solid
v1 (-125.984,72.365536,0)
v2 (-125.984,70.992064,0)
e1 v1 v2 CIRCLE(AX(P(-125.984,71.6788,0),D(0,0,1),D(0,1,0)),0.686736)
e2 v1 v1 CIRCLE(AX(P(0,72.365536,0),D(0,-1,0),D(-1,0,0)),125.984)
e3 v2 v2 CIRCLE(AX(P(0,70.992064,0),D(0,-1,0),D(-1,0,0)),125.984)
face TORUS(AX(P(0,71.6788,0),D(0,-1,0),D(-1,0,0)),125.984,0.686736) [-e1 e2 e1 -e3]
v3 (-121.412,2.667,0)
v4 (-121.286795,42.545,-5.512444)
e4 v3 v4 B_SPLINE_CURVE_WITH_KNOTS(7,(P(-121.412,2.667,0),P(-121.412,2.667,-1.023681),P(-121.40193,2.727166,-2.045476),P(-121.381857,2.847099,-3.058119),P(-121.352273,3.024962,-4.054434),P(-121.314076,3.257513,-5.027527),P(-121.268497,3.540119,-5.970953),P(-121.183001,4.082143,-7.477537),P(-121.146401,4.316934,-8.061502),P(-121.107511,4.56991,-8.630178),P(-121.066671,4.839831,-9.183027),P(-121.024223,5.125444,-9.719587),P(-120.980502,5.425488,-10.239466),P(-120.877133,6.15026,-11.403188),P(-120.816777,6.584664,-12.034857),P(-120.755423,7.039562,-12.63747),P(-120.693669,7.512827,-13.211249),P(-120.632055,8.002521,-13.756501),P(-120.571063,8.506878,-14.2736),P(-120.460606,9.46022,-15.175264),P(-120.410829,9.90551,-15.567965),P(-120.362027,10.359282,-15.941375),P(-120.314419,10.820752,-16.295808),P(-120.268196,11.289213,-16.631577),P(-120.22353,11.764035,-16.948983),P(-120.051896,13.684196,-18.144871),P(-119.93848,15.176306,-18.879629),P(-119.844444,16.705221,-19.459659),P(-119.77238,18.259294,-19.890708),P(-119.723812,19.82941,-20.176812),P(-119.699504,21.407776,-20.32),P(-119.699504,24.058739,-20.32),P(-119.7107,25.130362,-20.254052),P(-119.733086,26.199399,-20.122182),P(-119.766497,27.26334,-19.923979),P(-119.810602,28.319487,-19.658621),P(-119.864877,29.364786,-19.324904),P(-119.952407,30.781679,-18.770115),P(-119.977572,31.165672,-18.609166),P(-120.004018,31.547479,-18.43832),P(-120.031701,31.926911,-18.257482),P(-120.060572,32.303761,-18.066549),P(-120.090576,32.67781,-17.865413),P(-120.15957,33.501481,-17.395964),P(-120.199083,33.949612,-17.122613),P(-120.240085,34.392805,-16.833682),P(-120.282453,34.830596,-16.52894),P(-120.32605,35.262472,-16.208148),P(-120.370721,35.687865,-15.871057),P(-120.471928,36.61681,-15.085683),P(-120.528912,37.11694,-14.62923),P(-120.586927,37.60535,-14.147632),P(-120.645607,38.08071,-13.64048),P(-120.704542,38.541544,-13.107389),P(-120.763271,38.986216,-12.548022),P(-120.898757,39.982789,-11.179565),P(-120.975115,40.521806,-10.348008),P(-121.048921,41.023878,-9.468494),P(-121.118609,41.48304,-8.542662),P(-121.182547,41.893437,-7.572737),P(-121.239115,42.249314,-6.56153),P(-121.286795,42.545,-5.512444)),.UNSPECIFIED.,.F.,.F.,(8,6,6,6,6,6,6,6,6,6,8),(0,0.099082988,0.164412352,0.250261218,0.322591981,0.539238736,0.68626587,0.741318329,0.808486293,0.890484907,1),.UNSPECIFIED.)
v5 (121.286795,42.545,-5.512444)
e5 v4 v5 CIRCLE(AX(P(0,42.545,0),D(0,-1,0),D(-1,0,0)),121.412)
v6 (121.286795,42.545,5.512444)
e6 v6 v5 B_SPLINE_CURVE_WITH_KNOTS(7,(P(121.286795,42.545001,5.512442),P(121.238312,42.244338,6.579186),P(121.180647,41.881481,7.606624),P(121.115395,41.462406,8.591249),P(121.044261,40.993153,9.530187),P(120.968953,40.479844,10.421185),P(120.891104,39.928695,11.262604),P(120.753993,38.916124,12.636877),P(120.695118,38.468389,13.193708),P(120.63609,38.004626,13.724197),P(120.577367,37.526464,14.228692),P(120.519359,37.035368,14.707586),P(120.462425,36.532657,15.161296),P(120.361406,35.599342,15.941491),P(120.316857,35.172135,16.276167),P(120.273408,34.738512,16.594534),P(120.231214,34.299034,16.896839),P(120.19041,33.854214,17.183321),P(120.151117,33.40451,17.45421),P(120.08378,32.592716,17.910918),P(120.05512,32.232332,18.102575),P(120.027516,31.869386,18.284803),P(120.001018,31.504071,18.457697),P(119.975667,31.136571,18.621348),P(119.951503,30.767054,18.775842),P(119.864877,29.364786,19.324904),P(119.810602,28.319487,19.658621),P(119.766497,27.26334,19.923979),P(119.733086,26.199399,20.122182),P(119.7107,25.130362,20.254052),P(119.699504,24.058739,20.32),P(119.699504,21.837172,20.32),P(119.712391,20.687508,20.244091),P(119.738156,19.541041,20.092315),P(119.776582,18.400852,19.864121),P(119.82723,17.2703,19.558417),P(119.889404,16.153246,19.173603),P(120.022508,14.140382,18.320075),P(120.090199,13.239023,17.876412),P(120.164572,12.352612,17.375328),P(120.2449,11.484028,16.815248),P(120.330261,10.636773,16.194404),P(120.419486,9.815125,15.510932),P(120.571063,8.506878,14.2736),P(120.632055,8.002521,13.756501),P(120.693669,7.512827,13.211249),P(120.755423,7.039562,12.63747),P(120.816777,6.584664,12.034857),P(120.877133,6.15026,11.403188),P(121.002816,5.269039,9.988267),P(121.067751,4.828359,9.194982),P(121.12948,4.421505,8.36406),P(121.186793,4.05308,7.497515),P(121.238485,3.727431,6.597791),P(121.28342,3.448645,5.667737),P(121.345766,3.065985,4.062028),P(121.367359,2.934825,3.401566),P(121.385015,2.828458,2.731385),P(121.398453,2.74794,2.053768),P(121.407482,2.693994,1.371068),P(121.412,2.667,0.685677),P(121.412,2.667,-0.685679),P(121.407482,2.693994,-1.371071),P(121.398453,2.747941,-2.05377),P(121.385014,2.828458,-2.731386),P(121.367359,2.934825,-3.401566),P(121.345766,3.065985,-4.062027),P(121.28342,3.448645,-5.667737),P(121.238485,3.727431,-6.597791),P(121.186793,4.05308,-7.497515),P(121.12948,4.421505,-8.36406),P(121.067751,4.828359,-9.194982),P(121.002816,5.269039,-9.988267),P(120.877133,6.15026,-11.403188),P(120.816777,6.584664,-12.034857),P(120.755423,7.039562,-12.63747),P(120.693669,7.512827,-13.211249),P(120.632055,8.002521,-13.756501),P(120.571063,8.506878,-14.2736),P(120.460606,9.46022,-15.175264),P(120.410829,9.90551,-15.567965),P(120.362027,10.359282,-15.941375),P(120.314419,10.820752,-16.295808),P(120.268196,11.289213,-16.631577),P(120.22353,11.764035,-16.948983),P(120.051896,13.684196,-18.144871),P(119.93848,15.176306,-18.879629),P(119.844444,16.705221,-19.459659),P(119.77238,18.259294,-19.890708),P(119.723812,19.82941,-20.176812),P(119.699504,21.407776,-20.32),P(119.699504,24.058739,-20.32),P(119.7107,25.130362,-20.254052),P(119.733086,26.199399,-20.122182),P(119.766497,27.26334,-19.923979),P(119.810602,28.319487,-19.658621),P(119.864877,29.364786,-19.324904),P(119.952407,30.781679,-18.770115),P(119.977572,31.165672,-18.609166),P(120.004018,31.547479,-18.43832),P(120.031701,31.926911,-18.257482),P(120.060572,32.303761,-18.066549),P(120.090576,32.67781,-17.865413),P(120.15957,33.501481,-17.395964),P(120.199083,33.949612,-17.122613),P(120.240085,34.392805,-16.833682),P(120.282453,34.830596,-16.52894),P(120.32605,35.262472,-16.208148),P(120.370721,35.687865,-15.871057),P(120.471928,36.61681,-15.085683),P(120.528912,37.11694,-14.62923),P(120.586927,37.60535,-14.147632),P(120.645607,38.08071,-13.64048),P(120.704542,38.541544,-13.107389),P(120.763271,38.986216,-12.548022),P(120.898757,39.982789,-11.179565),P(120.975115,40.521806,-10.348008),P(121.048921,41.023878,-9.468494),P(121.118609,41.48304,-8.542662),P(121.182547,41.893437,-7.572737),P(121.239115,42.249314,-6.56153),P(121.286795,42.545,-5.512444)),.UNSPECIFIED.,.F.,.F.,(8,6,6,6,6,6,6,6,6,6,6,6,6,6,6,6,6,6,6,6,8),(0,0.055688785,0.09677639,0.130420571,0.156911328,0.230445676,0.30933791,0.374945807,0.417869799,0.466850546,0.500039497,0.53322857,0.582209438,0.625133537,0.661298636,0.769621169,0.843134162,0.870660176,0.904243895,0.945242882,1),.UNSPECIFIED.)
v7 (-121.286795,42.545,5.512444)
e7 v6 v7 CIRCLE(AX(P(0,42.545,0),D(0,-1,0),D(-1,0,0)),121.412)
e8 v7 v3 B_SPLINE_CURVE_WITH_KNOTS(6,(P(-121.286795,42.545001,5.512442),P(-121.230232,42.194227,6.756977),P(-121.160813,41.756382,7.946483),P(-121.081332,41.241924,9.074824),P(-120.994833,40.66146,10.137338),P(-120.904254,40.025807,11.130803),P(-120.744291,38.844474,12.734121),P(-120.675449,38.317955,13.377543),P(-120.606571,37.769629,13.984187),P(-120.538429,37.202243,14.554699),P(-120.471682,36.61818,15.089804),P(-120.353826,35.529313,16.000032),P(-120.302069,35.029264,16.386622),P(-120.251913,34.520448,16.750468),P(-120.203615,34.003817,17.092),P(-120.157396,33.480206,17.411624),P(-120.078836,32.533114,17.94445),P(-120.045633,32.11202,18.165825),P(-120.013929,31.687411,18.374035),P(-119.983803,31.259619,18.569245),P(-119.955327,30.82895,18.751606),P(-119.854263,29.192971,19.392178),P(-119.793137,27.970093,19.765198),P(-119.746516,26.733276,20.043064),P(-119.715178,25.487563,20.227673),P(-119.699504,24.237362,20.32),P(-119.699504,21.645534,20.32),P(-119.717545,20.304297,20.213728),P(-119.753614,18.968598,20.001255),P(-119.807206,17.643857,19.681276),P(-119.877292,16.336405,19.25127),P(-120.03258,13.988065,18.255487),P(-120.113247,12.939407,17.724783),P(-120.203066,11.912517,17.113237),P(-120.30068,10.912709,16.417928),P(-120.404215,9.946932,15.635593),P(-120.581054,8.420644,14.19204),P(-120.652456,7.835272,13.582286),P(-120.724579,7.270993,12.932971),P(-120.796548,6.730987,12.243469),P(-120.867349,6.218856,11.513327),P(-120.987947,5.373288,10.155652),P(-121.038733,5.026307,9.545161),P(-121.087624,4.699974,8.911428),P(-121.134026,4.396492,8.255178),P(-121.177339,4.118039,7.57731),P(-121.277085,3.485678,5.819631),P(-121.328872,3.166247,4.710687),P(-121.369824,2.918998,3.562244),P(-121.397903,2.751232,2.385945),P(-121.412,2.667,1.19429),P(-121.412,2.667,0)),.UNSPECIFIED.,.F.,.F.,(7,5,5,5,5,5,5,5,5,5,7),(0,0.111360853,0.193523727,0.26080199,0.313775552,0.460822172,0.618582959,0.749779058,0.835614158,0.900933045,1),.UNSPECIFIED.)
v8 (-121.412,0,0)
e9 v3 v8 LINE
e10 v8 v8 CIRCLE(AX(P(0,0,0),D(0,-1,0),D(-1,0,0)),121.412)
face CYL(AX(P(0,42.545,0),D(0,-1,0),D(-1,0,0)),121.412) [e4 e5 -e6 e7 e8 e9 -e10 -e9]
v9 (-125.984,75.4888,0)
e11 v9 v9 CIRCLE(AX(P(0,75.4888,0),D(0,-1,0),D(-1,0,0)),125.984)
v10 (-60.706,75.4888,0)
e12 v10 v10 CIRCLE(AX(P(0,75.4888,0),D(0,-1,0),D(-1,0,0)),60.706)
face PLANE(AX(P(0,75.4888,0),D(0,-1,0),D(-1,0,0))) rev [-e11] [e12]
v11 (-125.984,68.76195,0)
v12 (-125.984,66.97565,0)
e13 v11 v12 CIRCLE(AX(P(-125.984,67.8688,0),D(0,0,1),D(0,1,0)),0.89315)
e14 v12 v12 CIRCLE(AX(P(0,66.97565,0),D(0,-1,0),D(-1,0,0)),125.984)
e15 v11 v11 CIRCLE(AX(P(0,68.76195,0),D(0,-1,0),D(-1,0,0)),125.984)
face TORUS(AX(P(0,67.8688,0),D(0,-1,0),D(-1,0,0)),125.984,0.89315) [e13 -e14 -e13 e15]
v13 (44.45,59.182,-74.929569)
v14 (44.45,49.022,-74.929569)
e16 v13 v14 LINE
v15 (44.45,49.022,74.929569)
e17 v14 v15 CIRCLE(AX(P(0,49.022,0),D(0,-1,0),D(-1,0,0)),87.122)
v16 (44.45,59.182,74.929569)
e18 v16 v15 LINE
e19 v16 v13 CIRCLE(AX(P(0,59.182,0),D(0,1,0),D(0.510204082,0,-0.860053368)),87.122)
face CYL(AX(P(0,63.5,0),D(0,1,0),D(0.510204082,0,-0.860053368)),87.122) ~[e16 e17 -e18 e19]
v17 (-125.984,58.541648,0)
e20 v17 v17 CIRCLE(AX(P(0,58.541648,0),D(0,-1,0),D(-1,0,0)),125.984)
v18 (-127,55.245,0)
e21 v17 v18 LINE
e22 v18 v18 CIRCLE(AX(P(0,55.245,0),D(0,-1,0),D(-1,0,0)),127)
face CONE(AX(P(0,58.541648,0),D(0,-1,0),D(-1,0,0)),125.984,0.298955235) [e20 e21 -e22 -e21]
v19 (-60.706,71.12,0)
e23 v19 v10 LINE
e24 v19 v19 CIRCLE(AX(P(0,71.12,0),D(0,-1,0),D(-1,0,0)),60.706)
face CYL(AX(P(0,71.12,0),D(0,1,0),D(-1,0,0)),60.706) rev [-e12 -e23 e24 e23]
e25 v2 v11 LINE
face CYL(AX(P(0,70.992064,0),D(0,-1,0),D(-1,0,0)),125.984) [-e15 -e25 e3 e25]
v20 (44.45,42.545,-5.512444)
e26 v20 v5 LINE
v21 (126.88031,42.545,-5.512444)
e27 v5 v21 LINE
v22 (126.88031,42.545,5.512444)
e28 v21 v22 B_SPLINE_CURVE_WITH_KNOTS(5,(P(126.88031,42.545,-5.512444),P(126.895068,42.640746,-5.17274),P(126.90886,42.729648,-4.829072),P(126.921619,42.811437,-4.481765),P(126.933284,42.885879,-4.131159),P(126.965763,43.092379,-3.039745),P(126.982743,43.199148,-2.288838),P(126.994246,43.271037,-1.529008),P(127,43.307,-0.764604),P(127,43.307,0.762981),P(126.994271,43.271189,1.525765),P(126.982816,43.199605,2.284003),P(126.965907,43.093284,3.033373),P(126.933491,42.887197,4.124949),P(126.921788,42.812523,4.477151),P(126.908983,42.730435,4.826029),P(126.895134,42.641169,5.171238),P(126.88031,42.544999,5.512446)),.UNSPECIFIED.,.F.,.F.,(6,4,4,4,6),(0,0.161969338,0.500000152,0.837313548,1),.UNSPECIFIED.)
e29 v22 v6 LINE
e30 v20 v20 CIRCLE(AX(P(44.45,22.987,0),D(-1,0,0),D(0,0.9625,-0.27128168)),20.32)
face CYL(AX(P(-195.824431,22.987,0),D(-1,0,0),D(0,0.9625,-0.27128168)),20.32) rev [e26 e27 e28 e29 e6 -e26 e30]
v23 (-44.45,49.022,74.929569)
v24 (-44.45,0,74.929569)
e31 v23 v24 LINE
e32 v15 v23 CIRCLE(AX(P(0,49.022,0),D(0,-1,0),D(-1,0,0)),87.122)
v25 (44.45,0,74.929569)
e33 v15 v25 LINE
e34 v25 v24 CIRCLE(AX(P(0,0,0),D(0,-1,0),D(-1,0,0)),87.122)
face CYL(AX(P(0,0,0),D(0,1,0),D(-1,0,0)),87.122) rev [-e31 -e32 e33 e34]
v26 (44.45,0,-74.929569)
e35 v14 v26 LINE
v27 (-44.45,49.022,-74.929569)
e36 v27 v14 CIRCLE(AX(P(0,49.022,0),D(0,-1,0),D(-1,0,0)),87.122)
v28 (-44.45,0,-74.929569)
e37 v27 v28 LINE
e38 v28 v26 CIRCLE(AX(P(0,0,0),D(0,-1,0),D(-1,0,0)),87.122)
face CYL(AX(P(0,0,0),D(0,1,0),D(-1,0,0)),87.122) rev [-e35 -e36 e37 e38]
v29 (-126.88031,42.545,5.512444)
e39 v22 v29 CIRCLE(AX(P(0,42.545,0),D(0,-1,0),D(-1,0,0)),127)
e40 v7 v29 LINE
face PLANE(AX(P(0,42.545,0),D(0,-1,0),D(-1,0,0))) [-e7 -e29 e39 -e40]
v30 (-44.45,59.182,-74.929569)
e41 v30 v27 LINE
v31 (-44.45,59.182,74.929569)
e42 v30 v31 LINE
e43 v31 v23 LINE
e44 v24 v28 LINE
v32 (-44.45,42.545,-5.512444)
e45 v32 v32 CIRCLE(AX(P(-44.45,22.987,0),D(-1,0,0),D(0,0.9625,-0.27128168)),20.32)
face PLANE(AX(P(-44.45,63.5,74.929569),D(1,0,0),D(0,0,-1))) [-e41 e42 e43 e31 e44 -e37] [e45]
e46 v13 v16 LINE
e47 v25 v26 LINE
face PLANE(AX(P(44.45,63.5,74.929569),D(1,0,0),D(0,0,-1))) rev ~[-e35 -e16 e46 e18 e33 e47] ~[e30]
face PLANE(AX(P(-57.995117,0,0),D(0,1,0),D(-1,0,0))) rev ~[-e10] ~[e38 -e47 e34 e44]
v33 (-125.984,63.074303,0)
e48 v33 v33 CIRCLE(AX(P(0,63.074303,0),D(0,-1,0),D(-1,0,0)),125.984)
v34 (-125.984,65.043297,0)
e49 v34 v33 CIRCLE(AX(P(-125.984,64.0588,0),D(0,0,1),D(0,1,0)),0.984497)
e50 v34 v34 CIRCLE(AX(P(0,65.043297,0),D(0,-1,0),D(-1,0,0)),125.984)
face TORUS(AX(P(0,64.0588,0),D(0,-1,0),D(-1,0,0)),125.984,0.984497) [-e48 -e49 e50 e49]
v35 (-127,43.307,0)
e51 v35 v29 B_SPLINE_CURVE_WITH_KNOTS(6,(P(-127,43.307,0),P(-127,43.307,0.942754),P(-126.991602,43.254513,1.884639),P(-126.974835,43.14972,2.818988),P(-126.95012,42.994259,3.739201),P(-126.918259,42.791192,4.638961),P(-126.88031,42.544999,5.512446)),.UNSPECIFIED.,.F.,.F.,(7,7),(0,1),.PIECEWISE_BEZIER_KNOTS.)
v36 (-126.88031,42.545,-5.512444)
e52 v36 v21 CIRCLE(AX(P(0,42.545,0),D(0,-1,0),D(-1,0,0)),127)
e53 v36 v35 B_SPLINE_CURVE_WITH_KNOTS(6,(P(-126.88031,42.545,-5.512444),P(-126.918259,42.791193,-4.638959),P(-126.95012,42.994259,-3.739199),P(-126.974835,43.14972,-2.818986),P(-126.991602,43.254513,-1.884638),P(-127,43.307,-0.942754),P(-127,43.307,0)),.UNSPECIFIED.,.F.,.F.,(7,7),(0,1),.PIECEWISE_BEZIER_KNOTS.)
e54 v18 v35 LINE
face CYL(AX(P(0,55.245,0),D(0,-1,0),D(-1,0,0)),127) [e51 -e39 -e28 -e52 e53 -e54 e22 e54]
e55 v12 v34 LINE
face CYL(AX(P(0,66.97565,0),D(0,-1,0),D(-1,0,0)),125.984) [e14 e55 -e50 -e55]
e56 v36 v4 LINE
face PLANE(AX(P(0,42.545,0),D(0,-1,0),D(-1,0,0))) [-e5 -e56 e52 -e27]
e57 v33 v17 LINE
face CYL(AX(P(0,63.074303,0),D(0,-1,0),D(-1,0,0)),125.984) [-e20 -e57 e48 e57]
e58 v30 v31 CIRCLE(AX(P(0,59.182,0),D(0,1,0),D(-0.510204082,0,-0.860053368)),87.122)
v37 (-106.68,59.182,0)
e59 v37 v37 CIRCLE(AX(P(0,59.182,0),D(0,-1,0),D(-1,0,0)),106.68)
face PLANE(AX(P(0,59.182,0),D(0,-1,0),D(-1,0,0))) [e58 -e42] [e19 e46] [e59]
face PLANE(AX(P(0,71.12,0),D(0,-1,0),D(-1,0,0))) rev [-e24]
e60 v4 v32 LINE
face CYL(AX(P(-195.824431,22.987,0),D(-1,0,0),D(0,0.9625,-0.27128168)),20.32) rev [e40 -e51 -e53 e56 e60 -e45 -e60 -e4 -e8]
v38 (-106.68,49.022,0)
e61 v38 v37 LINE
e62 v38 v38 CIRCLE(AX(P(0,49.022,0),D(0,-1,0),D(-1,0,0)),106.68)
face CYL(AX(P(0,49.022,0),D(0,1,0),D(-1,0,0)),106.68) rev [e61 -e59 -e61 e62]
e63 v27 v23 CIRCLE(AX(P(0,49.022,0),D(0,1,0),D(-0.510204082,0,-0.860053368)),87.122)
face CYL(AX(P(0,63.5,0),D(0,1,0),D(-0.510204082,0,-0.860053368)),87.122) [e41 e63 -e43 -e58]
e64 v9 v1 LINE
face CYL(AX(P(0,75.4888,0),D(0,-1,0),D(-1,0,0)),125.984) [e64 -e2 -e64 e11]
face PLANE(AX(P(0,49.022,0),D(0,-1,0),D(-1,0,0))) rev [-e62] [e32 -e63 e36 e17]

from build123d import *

# Parameters (mm, degrees)
BOSS_EXTRUDE2_START     = -63.5
BOSS_EXTRUDE2_DEPTH     = 63.5
CUT_EXTRUDE1_DEPTH      = 195.824431028
CUT_EXTRUDE1_DEPTH_BACK = 195.824431028
SKETCH3_R               = 20.32


with BuildPart() as part:
    # Sketch1 → Revolve1 (revolve)
    with BuildSketch(Plane.XY, mode=Mode.PRIVATE) as revolve1_sk:
        with BuildLine():
            Line((121.412, 0), (87.122, 0))
            Line((87.122, 0), (87.122, 49.022))
            Line((87.122, 49.022), (106.68, 49.022))
            Line((106.68, 49.022), (106.68, 59.182))
            Line((106.68, 59.182), (0, 59.182))
            Line((0, 59.182), (0, 71.12))
            Line((0, 71.12), (60.706, 71.12))
            Line((60.706, 71.12), (60.706, 75.4888))
            Line((60.706, 75.4888), (125.984, 75.4888))
            Line((125.984, 75.4888), (125.984, 72.365536076))
            ThreePointArc((125.984, 72.365536076), (126.670736076, 71.6788), (125.984, 70.992063924))
            Line((125.984, 70.992063924), (125.984, 68.761950168))
            ThreePointArc((125.984, 68.761950168), (126.877150168, 67.8688), (125.984, 66.975649832))
            Line((125.984, 66.975649832), (125.984, 65.043296749))
            ThreePointArc((125.984, 65.043296749), (126.968496749, 64.0588), (125.984, 63.074303251))
            Line((125.984, 63.074303251), (125.984, 58.54164751))
            Line((125.984, 58.54164751), (127, 55.245))
            Line((127, 55.245), (127, 42.545))
            Line((127, 42.545), (121.412, 42.545))
            Line((121.412, 42.545), (121.412, 0))
        make_face()
    revolve(revolve1_sk.sketch.rotate(Axis((0, 76.2, 0), (0, -1, 0)), 180), axis=Axis((0, 76.2, 0), (0, -1, 0)))

    # Sketch2 → Boss-Extrude2 (add)
    with BuildSketch(Plane.XZ.offset(BOSS_EXTRUDE2_START)):
        with BuildLine():
            Line((-44.45, 74.92956949), (-44.45, -74.92956949))
            ThreePointArc((-44.45, -74.92956949), (-87.122, 0), (-44.45, 74.92956949))
        make_face()
        with BuildLine():
            Line((44.45, 74.92956949), (44.45, -74.92956949))
            ThreePointArc((44.45, -74.92956949), (87.122, 0), (44.45, 74.92956949))
        make_face()
    extrude(amount=BOSS_EXTRUDE2_DEPTH)

    # Sketch3 → Cut-Extrude1 (cut, two sides: drawn at the far end of the back side and taken through both)
    with BuildSketch(Plane(origin=(0, 0, 0), x_dir=(0, 0, -1), z_dir=(1, 0, 0)).offset(-CUT_EXTRUDE1_DEPTH_BACK)):
        with Locations(Location((0, 22.987, 0), (0, 0, 74.259451475))):
            Circle(SKETCH3_R)
    extrude(amount=CUT_EXTRUDE1_DEPTH + CUT_EXTRUDE1_DEPTH_BACK, mode=Mode.SUBTRACT)


solid = part.part
